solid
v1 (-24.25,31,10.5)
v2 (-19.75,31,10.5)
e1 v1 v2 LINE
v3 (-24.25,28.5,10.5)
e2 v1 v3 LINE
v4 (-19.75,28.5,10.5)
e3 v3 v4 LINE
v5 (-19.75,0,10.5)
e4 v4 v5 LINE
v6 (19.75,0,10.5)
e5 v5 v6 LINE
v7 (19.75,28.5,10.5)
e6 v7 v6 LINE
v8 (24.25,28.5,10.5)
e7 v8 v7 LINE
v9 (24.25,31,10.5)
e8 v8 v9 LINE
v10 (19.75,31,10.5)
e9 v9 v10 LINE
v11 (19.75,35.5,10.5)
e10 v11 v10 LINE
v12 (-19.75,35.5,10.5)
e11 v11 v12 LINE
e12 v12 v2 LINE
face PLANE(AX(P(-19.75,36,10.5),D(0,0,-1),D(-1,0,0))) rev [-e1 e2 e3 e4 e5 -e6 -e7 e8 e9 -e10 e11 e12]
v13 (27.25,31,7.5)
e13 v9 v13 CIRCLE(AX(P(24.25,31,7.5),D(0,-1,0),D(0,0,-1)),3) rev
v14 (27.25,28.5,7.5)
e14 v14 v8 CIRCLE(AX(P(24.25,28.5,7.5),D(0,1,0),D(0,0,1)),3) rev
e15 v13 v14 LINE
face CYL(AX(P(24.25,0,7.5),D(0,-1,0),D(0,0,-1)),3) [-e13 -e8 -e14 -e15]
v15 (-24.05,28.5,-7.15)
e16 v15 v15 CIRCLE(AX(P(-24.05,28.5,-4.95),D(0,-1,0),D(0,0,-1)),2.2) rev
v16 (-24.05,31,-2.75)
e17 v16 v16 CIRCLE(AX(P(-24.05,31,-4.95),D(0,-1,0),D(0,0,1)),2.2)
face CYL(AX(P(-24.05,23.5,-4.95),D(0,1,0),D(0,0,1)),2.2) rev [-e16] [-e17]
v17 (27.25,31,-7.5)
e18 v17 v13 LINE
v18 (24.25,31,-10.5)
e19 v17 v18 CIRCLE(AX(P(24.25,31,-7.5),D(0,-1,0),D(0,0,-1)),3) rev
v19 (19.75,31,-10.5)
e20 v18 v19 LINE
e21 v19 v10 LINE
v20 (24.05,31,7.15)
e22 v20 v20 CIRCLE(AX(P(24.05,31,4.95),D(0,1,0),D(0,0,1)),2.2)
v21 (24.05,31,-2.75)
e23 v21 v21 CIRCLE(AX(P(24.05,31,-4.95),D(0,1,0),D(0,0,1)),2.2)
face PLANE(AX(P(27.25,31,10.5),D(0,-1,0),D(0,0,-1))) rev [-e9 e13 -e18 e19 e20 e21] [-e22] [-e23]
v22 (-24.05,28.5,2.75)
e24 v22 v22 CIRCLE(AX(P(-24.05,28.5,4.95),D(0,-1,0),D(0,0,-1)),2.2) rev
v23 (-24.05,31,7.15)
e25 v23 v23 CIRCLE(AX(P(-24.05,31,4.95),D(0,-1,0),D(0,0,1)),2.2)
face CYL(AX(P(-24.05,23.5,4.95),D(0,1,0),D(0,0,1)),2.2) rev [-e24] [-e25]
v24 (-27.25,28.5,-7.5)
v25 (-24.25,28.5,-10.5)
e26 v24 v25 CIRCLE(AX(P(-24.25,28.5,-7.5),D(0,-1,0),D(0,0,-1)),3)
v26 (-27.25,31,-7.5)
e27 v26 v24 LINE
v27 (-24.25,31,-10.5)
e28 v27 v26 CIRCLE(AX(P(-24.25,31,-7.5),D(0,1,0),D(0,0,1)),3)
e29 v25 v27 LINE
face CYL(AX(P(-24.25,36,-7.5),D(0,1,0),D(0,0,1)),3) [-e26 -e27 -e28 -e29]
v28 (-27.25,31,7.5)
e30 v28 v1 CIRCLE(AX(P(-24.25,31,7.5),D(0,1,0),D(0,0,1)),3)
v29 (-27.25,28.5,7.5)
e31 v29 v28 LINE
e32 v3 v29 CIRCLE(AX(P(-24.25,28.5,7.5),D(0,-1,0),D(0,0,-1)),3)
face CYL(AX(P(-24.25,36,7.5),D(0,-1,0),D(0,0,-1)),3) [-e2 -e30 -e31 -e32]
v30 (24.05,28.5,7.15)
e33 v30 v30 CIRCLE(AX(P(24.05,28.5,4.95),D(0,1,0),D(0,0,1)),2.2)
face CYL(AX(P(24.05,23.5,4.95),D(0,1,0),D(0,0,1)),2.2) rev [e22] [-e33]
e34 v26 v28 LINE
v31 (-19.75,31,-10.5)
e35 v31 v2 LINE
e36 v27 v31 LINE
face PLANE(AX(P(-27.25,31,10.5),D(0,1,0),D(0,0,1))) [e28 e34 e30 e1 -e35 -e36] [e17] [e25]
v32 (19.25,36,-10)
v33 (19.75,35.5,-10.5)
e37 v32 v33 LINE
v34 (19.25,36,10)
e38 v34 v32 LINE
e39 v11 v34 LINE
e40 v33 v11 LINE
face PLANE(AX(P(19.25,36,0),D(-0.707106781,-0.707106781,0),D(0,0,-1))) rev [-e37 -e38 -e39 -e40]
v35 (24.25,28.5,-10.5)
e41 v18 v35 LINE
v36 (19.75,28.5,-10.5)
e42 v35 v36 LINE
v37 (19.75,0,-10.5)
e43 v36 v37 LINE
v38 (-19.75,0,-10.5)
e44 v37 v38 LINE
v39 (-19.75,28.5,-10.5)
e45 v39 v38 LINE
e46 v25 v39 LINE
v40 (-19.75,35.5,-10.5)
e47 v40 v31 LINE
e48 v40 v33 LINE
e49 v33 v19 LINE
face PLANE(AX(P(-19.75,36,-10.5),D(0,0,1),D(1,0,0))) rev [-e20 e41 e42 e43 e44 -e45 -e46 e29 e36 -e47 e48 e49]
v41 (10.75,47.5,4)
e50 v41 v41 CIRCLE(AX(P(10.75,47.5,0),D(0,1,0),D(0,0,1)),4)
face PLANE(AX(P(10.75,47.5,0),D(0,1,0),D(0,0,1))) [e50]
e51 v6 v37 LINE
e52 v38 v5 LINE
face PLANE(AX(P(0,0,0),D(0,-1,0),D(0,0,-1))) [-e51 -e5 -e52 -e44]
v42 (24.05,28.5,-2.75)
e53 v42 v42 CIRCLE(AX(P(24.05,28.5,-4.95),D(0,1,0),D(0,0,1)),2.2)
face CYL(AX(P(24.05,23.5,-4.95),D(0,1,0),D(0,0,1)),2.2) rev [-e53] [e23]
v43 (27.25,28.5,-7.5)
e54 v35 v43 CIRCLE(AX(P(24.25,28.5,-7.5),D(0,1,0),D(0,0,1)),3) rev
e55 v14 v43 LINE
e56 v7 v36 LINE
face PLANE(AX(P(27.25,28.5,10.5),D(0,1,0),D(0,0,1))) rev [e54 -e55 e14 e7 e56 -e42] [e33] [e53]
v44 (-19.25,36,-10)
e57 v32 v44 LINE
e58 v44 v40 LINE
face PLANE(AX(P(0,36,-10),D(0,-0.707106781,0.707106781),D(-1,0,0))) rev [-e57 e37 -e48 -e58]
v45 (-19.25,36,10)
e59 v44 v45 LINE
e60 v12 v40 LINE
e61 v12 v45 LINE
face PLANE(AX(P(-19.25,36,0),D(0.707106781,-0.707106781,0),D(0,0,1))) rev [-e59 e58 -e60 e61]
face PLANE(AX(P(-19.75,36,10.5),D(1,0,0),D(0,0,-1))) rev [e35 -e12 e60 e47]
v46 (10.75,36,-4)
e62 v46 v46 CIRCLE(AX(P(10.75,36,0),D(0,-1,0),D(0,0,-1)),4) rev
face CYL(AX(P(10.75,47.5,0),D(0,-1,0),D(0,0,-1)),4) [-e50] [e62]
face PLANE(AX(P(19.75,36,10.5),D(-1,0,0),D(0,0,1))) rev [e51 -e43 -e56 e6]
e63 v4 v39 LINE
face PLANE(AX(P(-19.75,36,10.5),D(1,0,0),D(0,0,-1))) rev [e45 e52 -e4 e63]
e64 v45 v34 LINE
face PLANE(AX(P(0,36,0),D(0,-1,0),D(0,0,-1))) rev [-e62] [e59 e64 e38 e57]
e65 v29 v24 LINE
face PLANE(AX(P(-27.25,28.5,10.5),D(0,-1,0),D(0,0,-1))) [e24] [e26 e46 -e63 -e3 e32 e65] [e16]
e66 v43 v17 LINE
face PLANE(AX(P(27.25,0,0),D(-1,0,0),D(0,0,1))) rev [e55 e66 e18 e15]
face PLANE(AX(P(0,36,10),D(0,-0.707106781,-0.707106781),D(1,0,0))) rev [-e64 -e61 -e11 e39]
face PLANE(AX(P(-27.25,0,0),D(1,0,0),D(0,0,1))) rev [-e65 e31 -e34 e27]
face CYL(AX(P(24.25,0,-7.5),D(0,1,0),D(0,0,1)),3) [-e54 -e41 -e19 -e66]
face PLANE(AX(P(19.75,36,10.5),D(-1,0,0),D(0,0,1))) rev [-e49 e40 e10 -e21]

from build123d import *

# Parameters (mm, degrees)
SKETCH1_W            = 39.5
SKETCH1_H            = 21
BOSS_EXTRUDE1_DEPTH  = 36
SKETCH2_R            = 4
BOSS_EXTRUDE2_DEPTH  = 11.5
SKETCH4_W            = 21
SKETCH4_H            = 2.5
BOSS_EXTRUDE4_DEPTH  = 7.5
SKETCH5_R            = 2.2
CUT_EXTRUDE1_DEPTH   = 7.5
FILLET1_R            = 3
FILLET1_OF_MIRROR1_R = 3
CHAMFER1_SIZE        = 0.5


with BuildPart() as part:
    # Sketch1 → Boss-Extrude1 (new body)
    with BuildSketch(Plane(origin=(0, 0, 0), x_dir=(1, 0, 0), z_dir=(0, 1, 0))):
        Rectangle(SKETCH1_W, SKETCH1_H)
    extrude(amount=BOSS_EXTRUDE1_DEPTH)

    # Sketch2 → Boss-Extrude2 (add)
    with BuildSketch(Plane(origin=(0, 36, 0), x_dir=(1, 0, 0), z_dir=(0, 1, 0))):
        with Locations(Location((10.75, 0, 0), (0, 0, 90))):
            Circle(SKETCH2_R)
    extrude(amount=BOSS_EXTRUDE2_DEPTH)

    # Sketch4 → Boss-Extrude4 (add)
    with BuildSketch(Plane(origin=(19.75, 0, 0), x_dir=(0, 0, -1), z_dir=(1, 0, 0))):
        with Locations((0, 29.75)):
            Rectangle(SKETCH4_W, SKETCH4_H)
    boss_extrude4 = extrude(amount=BOSS_EXTRUDE4_DEPTH)

    # Sketch5 → Cut-Extrude1 (cut)
    with BuildSketch(Plane(origin=(0, 31, 0), x_dir=(1, 0, 0), z_dir=(0, 1, 0))):
        with Locations(Location((24.05, 4.95, 0), (0, 0, 270))):
            Circle(SKETCH5_R)
        with Locations(Location((24.05, -4.95, 0), (0, 0, 270))):
            Circle(SKETCH5_R)
    cut_extrude1 = extrude(amount=-CUT_EXTRUDE1_DEPTH, mode=Mode.SUBTRACT)

    # Fillet1
    fillet1_edges = [part.edges().sort_by_distance(p)[0] for p in [
        (27.25, 29.75, 10.5),
        (27.25, 29.75, -10.5),
    ]]
    fillet(fillet1_edges, radius=FILLET1_R)

    # Mirror1: Boss-Extrude4, Cut-Extrude1 across plane
    add(boss_extrude4.mirror(Plane(origin=(0, 0, 0), x_dir=(0, 0, 1), z_dir=(1, 0, 0))))
    add(cut_extrude1.mirror(Plane(origin=(0, 0, 0), x_dir=(0, 0, 1), z_dir=(1, 0, 0))), mode=Mode.SUBTRACT)

    # Fillet1 of Mirror1
    fillet1_of_mirror1_edges = [part.edges().sort_by_distance(p)[0] for p in [
        (-27.25, 29.75, 10.5),
        (-27.25, 29.75, -10.5),
    ]]
    fillet(fillet1_of_mirror1_edges, radius=FILLET1_OF_MIRROR1_R)

    # Chamfer1
    chamfer1_edges = [part.edges().sort_by_distance(p)[0] for p in [
        (-19.75, 36, 0),
        (0, 36, 10.5),
        (19.75, 36, 0),
        (0, 36, -10.5),
    ]]
    chamfer(chamfer1_edges, length=CHAMFER1_SIZE)


solid = part.part
